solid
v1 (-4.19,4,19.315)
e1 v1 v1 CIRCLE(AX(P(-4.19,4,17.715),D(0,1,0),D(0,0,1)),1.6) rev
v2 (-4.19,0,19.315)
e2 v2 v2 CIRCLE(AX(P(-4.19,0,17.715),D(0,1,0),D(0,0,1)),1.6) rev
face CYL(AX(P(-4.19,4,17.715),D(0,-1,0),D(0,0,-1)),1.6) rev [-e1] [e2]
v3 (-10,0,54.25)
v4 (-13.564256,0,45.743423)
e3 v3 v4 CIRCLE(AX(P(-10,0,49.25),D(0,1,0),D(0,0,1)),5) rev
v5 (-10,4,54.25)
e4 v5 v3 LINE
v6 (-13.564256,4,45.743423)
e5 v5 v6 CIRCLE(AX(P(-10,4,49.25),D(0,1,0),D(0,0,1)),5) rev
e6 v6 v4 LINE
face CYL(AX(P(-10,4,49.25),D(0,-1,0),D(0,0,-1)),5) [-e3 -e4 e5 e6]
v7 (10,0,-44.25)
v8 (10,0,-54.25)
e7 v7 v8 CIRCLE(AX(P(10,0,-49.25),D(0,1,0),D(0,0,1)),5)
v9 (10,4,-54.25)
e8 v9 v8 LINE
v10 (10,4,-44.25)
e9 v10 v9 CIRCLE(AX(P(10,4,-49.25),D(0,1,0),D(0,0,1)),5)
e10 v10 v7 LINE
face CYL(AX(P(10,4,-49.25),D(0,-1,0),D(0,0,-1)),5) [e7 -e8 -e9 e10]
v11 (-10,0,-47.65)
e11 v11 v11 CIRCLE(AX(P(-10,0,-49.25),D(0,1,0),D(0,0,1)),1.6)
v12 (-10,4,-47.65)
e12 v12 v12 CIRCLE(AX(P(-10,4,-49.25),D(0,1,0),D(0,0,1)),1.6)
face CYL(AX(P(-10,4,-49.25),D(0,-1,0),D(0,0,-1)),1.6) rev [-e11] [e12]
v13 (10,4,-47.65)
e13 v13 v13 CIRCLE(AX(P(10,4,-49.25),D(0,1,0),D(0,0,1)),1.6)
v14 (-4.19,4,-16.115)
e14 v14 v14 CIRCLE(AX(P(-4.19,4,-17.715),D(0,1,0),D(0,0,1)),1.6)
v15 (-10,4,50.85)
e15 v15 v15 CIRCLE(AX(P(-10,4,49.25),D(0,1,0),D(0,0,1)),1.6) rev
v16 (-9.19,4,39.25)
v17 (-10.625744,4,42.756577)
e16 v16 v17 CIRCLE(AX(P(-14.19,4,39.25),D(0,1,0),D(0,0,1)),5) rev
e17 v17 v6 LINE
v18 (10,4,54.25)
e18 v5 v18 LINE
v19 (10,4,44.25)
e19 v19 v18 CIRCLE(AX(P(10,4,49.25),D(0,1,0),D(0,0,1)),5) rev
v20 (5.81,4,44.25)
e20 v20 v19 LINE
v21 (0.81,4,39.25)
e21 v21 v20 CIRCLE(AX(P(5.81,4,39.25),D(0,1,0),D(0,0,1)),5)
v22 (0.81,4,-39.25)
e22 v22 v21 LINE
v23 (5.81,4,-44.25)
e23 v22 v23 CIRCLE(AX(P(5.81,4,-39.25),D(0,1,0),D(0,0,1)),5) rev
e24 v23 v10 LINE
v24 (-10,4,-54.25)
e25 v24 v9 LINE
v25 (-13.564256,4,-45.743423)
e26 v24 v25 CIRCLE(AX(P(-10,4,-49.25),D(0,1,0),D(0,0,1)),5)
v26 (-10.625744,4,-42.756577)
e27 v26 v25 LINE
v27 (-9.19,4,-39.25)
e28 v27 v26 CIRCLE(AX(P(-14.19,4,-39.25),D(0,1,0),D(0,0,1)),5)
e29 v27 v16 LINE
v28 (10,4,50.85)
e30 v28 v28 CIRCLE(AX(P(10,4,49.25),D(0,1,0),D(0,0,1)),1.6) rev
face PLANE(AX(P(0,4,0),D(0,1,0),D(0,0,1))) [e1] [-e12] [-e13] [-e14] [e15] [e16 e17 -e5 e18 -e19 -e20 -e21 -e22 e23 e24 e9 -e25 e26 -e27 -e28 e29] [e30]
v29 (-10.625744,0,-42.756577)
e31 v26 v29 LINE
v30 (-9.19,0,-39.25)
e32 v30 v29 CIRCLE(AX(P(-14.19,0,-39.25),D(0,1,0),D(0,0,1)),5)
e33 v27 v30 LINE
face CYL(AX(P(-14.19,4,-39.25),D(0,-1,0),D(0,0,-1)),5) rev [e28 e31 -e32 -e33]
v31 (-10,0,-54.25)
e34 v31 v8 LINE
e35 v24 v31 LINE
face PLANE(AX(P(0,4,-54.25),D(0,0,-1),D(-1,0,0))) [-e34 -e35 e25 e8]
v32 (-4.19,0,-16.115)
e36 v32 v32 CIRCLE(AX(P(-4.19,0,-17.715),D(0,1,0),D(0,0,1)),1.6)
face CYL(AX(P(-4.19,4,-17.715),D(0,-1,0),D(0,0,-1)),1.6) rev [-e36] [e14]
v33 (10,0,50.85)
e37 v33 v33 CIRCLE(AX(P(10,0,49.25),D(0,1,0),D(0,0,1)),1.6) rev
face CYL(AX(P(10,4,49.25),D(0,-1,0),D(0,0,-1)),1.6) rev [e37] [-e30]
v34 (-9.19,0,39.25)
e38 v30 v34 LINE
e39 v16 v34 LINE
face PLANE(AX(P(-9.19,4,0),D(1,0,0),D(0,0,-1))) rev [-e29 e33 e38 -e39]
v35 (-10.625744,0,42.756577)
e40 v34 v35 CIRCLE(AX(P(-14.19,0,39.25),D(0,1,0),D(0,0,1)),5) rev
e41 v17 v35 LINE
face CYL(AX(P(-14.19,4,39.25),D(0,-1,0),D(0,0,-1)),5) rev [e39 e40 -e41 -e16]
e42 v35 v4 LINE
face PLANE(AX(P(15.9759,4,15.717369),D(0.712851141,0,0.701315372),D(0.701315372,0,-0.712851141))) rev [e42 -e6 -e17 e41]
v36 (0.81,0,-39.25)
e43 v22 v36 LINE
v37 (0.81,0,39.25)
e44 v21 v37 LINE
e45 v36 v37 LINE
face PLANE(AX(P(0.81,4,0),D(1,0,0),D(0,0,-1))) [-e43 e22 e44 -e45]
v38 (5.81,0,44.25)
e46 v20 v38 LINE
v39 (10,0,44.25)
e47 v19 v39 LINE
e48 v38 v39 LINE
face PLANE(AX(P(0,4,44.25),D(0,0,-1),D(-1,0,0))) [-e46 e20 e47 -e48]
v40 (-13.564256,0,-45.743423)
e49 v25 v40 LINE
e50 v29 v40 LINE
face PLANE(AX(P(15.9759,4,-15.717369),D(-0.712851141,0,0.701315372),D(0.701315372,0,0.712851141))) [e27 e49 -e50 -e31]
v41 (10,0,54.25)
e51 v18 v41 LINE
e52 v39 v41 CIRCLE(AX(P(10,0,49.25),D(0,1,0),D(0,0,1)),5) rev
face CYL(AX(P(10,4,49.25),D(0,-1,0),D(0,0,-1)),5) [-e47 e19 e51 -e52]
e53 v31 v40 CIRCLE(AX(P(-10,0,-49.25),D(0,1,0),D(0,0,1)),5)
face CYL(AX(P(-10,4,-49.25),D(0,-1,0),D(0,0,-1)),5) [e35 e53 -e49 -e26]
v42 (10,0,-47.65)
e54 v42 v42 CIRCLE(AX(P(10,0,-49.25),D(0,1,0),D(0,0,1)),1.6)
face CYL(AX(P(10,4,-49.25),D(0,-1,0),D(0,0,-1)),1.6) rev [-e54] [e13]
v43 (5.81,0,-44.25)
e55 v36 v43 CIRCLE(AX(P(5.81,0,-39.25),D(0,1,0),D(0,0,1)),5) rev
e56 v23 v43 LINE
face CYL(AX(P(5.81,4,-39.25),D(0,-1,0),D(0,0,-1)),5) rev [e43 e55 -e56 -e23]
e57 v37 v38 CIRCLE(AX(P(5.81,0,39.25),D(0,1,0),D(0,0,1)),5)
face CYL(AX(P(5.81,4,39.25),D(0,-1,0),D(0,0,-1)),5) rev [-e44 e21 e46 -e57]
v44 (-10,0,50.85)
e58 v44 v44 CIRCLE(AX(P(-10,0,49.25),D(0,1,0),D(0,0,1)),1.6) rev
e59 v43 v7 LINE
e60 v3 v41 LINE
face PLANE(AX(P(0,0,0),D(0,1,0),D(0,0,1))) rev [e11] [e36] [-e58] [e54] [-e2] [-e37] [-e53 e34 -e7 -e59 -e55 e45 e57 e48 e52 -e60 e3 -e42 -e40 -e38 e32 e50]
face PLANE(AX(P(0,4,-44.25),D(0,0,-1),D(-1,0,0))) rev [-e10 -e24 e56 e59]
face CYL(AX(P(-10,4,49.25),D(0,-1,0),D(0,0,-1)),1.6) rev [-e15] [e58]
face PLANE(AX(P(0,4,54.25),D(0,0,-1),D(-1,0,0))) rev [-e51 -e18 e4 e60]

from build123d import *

# Parameters (mm, degrees)
SKETCH1_R           = 1.6
BOSS_EXTRUDE1_DEPTH = 4


with BuildPart() as part:
    # Sketch1 → Boss-Extrude1 (new body)
    with BuildSketch(Plane(origin=(0, 0, 0), x_dir=(1, 0, 0), z_dir=(0, 1, 0))):
        with BuildLine():
            Line((10, 54.25), (-10, 54.25))
            ThreePointArc((-10, 54.25), (-14.611555285, 51.182241665), (-13.564255704, 45.74342314))
            Line((-13.564255704, 45.74342314), (-10.625744296, 42.75657686))
            ThreePointArc((-10.625744296, 42.75657686), (-9.562836802, 41.14456083), (-9.19, 39.25))
            Line((-9.19, 39.25), (-9.19, -39.25))
            ThreePointArc((-9.19, -39.25), (-9.562836802, -41.14456083), (-10.625744296, -42.75657686))
            Line((-10.625744296, -42.75657686), (-13.564255704, -45.74342314))
            ThreePointArc((-13.564255704, -45.74342314), (-14.611555285, -51.182241665), (-10, -54.25))
            Line((-10, -54.25), (10, -54.25))
            ThreePointArc((10, -54.25), (15, -49.25), (10, -44.25))
            Line((10, -44.25), (5.81, -44.25))
            ThreePointArc((5.81, -44.25), (2.274466094, -42.785533906), (0.81, -39.25))
            Line((0.81, -39.25), (0.81, 39.25))
            ThreePointArc((0.81, 39.25), (2.274466094, 42.785533906), (5.81, 44.25))
            Line((5.81, 44.25), (10, 44.25))
            ThreePointArc((10, 44.25), (15, 49.25), (10, 54.25))
        make_face()
        with Locations(Location((-10, 49.25, 0), (0, 0, 270))):
            Circle(SKETCH1_R, mode=Mode.SUBTRACT)
        with Locations(Location((10, 49.25, 0), (0, 0, 270))):
            Circle(SKETCH1_R, mode=Mode.SUBTRACT)
        with Locations(Location((-4.19, -17.715, 0), (0, 0, 270))):
            Circle(SKETCH1_R, mode=Mode.SUBTRACT)
        with Locations(Location((-4.19, 17.715, 0), (0, 0, 270))):
            Circle(SKETCH1_R, mode=Mode.SUBTRACT)
        with Locations(Location((10, -49.25, 0), (0, 0, 270))):
            Circle(SKETCH1_R, mode=Mode.SUBTRACT)
        with Locations(Location((-10, -49.25, 0), (0, 0, 270))):
            Circle(SKETCH1_R, mode=Mode.SUBTRACT)
    extrude(amount=BOSS_EXTRUDE1_DEPTH)


solid = part.part
